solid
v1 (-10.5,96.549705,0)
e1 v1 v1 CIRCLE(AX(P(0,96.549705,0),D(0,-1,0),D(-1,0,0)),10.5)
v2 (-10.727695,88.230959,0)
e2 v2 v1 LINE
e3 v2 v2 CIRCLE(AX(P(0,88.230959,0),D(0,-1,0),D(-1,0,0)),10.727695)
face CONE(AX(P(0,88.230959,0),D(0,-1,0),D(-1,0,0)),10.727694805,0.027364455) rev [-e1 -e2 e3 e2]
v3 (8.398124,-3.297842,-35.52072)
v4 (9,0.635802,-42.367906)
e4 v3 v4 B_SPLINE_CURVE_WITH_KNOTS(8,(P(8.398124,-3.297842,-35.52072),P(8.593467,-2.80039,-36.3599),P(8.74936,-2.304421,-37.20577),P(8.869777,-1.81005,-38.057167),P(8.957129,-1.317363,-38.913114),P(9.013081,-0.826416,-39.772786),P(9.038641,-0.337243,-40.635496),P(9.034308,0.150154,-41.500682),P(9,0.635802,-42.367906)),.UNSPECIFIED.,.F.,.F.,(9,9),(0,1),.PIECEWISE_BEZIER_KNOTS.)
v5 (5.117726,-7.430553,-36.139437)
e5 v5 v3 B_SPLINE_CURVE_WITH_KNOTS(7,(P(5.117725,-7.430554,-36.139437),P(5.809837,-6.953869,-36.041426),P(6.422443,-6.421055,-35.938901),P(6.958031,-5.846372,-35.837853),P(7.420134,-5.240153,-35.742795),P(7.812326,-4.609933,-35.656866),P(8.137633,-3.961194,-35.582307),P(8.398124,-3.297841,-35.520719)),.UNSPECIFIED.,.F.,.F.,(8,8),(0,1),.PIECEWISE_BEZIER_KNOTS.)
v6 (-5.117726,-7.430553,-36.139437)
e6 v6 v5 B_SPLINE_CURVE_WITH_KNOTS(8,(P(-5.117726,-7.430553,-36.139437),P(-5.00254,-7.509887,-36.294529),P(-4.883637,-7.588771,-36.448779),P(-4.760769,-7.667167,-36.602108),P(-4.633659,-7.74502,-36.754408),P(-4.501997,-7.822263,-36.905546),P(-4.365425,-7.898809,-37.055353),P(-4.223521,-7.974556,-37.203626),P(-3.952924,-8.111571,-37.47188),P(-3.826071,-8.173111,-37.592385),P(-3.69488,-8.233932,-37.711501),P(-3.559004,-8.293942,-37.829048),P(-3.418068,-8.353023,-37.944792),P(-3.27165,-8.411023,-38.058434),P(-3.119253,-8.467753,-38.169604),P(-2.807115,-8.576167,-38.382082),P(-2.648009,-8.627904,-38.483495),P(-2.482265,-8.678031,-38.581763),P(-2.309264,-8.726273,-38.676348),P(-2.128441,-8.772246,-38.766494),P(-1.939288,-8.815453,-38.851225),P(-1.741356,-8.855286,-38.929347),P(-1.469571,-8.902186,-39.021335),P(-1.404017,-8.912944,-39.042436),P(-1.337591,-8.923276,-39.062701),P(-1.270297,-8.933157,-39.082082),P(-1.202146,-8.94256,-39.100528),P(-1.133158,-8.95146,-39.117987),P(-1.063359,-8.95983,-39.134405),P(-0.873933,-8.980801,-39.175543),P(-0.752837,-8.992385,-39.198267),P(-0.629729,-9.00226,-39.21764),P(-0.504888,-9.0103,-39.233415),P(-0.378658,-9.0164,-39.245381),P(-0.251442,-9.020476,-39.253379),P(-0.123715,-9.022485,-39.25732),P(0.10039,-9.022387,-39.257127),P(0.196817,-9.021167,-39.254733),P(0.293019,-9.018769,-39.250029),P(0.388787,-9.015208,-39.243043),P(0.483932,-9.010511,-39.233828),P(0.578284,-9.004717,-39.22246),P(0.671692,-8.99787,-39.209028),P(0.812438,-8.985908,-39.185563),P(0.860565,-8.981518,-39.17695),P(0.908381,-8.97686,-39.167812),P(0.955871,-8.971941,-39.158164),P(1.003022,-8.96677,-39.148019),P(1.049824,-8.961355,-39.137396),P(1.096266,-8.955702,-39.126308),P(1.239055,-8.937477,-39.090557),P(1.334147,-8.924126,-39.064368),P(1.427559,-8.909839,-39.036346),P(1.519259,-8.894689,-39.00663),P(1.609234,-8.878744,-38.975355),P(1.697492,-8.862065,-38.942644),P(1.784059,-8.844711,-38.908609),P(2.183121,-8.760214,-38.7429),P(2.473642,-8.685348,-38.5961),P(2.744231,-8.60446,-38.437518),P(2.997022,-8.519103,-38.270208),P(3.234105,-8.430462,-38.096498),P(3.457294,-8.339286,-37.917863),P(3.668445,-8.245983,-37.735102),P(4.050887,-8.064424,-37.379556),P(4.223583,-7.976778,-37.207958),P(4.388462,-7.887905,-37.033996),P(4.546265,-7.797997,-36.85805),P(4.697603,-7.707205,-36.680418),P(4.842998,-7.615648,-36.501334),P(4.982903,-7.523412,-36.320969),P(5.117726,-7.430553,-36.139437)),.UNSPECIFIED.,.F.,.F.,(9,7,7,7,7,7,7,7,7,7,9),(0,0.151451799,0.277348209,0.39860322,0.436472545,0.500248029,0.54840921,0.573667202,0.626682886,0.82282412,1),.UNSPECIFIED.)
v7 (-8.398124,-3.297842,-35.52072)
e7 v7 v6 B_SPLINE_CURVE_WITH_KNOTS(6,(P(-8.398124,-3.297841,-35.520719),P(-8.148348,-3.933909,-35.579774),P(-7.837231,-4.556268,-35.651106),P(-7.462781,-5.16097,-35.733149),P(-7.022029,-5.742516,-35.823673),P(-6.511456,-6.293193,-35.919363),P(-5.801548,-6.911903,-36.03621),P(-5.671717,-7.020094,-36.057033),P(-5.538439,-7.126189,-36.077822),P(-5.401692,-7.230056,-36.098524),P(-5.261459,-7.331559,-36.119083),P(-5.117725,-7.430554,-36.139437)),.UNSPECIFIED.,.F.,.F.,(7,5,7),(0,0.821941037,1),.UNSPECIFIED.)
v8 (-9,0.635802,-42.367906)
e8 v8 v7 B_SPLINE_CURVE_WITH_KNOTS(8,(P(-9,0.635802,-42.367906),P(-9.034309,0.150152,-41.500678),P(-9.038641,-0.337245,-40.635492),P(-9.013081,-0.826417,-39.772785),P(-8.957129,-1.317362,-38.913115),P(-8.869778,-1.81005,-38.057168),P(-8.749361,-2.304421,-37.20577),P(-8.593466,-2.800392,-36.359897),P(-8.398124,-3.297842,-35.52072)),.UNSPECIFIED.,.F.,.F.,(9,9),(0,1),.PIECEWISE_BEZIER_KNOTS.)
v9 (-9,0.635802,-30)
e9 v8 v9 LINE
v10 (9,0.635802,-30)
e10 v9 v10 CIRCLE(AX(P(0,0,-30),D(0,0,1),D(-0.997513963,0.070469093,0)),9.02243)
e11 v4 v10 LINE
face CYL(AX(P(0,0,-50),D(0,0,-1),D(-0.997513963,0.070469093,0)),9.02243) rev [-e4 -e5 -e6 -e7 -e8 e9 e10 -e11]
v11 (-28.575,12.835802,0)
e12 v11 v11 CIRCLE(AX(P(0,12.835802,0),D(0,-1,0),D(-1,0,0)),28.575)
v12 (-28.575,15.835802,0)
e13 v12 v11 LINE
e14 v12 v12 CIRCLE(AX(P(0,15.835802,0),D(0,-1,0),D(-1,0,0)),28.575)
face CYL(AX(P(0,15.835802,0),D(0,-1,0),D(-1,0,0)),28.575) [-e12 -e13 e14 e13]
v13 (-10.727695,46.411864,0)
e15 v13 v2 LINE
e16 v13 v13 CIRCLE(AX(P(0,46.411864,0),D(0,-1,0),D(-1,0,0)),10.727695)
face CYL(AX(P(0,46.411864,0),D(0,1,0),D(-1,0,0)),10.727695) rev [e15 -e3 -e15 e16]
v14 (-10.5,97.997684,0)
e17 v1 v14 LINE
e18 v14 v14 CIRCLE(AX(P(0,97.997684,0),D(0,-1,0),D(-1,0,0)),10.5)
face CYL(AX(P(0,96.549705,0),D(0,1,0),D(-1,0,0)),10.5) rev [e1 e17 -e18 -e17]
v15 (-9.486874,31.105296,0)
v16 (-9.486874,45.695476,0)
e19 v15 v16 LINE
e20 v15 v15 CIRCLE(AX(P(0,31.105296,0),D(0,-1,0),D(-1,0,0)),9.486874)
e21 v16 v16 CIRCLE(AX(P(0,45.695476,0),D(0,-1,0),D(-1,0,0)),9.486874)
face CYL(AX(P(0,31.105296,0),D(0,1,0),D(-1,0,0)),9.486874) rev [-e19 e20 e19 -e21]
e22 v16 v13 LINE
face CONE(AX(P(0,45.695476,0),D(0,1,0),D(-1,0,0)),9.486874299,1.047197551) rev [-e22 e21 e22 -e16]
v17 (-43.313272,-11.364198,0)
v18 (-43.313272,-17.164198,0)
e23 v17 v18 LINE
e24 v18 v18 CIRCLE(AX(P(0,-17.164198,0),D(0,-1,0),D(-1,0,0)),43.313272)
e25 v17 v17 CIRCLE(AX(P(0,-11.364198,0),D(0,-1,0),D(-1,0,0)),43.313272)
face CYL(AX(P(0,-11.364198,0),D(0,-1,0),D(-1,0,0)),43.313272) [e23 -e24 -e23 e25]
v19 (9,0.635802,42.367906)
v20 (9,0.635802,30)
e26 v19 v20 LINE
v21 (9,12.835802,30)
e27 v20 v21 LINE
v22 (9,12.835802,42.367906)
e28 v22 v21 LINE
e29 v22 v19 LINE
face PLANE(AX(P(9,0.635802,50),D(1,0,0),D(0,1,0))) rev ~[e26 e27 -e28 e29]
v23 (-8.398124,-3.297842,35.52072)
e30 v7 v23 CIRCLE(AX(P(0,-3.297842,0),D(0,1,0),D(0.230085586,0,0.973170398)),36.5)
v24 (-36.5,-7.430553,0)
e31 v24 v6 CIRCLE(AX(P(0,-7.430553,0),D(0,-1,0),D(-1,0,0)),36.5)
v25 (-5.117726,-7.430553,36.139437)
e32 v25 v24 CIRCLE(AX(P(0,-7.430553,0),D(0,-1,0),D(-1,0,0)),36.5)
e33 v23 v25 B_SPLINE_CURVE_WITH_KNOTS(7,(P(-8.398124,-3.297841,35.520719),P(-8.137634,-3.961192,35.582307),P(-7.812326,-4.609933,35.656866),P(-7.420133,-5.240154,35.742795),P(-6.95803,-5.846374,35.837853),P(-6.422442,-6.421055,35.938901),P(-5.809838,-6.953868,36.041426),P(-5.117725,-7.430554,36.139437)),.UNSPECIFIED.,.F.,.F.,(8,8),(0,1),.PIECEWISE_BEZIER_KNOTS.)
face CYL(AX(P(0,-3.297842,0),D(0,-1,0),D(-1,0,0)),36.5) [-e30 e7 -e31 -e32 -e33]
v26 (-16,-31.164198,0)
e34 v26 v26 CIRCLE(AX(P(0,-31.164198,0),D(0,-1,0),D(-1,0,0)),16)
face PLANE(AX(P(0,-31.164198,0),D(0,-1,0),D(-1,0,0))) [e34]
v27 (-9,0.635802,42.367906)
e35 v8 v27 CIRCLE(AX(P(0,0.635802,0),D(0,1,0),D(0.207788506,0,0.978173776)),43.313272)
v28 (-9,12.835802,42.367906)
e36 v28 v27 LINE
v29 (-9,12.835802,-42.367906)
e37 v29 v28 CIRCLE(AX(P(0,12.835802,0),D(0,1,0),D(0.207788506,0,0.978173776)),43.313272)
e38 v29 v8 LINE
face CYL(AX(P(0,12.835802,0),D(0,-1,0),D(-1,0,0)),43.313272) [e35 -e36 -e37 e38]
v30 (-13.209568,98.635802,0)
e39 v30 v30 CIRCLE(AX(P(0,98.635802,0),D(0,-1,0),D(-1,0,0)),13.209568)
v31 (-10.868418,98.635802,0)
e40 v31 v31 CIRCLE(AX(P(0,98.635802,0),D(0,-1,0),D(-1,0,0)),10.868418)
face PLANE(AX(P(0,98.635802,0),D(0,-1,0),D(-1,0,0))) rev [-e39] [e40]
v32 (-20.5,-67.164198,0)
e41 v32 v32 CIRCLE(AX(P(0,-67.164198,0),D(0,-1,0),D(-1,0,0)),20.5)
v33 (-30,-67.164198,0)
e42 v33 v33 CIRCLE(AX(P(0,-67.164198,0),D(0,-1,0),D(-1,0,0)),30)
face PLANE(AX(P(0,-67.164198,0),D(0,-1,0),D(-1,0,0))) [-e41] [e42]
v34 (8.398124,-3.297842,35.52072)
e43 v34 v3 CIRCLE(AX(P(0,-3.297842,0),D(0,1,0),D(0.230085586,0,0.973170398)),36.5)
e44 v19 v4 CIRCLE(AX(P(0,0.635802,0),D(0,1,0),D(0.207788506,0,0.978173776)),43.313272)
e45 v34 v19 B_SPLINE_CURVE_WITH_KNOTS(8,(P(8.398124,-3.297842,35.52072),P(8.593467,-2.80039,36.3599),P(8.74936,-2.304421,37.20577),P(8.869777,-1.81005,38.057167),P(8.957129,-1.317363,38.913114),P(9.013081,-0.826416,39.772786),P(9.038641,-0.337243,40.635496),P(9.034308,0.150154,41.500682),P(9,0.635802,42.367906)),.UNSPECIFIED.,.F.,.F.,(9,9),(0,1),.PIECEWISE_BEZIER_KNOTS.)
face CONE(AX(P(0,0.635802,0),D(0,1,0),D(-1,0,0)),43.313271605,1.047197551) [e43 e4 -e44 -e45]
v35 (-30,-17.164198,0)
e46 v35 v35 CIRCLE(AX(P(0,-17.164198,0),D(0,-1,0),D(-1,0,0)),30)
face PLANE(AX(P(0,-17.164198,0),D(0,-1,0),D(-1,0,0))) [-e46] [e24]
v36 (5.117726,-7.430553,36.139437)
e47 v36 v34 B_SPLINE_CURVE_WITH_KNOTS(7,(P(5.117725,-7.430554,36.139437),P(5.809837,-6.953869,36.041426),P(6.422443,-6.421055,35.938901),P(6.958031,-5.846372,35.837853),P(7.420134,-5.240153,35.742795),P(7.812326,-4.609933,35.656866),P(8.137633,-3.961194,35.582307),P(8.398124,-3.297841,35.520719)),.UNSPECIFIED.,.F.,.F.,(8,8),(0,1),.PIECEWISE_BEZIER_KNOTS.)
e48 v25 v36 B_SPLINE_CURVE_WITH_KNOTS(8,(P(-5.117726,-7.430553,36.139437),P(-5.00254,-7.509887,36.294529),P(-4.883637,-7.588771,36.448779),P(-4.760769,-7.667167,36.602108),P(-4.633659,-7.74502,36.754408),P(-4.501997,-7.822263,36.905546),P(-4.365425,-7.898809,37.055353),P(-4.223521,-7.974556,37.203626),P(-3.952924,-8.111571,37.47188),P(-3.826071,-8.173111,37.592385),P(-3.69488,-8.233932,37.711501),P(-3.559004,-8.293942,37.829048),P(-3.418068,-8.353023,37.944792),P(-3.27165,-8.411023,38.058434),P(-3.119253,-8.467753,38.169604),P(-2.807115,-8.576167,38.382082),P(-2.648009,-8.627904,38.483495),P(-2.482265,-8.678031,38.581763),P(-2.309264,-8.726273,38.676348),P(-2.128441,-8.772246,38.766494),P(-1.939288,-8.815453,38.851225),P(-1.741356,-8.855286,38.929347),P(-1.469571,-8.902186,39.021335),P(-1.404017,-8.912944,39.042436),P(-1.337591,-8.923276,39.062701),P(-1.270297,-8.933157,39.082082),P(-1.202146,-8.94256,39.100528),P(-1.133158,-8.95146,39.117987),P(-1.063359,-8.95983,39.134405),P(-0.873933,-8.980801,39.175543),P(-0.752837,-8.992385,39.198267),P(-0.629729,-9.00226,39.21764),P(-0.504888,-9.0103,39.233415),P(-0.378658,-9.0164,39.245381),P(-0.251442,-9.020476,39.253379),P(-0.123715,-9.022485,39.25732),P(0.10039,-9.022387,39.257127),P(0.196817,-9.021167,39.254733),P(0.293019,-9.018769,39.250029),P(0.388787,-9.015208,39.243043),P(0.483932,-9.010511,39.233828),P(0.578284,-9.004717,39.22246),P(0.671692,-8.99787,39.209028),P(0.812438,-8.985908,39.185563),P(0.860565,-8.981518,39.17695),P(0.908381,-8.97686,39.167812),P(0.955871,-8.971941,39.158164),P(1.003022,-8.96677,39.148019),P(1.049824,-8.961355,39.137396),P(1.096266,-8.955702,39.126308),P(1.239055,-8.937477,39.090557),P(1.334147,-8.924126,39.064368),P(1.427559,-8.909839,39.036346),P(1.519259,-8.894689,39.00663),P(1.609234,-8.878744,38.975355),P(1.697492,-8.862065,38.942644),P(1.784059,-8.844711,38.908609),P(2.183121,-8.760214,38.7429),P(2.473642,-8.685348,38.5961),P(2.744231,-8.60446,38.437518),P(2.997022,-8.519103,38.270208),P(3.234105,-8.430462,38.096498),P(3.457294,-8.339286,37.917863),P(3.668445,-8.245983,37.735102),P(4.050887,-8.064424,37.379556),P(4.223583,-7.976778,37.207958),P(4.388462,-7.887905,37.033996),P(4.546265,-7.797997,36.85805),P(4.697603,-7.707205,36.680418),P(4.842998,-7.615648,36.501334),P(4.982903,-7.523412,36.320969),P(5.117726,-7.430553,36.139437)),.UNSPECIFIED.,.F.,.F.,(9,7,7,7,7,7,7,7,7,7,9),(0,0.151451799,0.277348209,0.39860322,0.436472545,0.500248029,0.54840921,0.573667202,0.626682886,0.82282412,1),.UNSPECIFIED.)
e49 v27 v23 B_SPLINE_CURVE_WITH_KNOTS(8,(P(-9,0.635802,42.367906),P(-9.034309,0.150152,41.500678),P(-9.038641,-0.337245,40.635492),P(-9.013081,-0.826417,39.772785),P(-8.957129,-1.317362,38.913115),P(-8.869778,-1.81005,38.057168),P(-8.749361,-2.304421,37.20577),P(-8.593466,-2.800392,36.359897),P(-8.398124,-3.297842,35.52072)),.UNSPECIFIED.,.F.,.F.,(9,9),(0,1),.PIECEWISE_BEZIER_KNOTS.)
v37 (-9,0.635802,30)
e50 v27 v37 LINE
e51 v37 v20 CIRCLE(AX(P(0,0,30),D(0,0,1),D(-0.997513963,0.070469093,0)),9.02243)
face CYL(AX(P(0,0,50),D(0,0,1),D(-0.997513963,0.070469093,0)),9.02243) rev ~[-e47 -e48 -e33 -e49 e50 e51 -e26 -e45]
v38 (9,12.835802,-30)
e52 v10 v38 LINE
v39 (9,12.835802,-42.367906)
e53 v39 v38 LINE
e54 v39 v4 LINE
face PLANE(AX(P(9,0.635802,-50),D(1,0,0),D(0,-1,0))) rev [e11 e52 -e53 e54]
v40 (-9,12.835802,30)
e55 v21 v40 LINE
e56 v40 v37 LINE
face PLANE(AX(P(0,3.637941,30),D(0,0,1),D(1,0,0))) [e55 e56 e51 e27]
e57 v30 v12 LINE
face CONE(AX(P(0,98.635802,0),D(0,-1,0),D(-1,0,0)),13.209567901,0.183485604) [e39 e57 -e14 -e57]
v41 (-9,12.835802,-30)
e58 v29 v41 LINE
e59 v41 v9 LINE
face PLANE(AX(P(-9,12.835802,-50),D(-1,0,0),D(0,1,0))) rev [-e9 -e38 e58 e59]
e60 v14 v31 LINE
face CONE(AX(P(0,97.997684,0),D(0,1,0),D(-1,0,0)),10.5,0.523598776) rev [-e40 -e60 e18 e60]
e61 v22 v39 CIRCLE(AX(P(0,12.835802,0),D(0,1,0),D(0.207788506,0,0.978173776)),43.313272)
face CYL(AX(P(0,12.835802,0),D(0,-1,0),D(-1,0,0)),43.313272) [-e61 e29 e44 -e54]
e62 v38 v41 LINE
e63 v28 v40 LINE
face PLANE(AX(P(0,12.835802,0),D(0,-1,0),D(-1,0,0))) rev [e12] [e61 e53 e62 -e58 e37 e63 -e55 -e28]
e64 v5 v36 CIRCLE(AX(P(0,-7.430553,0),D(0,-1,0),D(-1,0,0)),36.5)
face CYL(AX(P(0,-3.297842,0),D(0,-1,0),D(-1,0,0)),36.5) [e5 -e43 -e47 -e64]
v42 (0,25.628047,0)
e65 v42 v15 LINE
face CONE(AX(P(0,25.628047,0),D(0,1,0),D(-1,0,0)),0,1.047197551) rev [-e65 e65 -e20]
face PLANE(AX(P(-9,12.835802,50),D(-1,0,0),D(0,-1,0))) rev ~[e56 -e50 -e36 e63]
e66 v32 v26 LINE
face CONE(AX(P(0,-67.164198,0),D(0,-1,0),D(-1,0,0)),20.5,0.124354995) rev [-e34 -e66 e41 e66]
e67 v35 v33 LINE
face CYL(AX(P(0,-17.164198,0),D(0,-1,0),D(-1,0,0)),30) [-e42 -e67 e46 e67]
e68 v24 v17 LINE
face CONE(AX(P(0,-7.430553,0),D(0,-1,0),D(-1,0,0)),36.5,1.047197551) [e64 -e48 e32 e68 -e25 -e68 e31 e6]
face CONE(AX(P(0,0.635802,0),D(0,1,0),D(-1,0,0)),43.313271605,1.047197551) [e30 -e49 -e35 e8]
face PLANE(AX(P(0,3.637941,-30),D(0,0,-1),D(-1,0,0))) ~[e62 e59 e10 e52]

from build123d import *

# Parameters (mm, degrees)
CUT_EXTRUDE_1_DEPTH = 20


with BuildPart() as part:
    # 草图1 → 旋转2 (revolve)
    with BuildSketch(Plane.XY):
        Polygon((-10.868417819, 98.635802469), (-13.209567901, 98.635802469), (-28.575, 15.835802469), (-28.575, 12.835802469), (-43.313271605, 12.835802469), (-43.313271605, 0.635802469), (-36.5, -3.297841726), (-36.5, -7.430553336), (-43.313271605, -11.364197531), (-43.313271605, -17.164197531), (-30, -17.164197531), (-30, -67.164197531), (-20.5, -67.164197531), (-16, -31.164197531), (0, -31.164197531), (0, 25.628046603), (-9.486874299, 31.105296033), (-9.486874299, 45.695475602), (-10.727694805, 46.411863655), (-10.727694805, 88.230958782), (-10.5, 96.54970542), (-10.5, 97.997684089), align=None)
    revolve(axis=Axis((0, 104.892592593, 0), (0, -1, 0)))

    # 草图3 → 切除-拉伸1 (cut)
    with BuildSketch(Plane.XY.offset(50)):
        with BuildLine():
            Line((-9, 12.835802469), (-9, 0.635802469))
            ThreePointArc((-9, 0.635802469), (0, -9.022430093), (9, 0.635802469))
            Line((9, 0.635802469), (9, 12.835802469))
            Line((9, 12.835802469), (-9, 12.835802469))
        make_face()
    cut_extrude_1 = extrude(amount=-CUT_EXTRUDE_1_DEPTH, mode=Mode.SUBTRACT)

    # 镜向1: 切除-拉伸1 across plane
    add(cut_extrude_1.mirror(Plane.XY), mode=Mode.SUBTRACT)


solid = part.part
